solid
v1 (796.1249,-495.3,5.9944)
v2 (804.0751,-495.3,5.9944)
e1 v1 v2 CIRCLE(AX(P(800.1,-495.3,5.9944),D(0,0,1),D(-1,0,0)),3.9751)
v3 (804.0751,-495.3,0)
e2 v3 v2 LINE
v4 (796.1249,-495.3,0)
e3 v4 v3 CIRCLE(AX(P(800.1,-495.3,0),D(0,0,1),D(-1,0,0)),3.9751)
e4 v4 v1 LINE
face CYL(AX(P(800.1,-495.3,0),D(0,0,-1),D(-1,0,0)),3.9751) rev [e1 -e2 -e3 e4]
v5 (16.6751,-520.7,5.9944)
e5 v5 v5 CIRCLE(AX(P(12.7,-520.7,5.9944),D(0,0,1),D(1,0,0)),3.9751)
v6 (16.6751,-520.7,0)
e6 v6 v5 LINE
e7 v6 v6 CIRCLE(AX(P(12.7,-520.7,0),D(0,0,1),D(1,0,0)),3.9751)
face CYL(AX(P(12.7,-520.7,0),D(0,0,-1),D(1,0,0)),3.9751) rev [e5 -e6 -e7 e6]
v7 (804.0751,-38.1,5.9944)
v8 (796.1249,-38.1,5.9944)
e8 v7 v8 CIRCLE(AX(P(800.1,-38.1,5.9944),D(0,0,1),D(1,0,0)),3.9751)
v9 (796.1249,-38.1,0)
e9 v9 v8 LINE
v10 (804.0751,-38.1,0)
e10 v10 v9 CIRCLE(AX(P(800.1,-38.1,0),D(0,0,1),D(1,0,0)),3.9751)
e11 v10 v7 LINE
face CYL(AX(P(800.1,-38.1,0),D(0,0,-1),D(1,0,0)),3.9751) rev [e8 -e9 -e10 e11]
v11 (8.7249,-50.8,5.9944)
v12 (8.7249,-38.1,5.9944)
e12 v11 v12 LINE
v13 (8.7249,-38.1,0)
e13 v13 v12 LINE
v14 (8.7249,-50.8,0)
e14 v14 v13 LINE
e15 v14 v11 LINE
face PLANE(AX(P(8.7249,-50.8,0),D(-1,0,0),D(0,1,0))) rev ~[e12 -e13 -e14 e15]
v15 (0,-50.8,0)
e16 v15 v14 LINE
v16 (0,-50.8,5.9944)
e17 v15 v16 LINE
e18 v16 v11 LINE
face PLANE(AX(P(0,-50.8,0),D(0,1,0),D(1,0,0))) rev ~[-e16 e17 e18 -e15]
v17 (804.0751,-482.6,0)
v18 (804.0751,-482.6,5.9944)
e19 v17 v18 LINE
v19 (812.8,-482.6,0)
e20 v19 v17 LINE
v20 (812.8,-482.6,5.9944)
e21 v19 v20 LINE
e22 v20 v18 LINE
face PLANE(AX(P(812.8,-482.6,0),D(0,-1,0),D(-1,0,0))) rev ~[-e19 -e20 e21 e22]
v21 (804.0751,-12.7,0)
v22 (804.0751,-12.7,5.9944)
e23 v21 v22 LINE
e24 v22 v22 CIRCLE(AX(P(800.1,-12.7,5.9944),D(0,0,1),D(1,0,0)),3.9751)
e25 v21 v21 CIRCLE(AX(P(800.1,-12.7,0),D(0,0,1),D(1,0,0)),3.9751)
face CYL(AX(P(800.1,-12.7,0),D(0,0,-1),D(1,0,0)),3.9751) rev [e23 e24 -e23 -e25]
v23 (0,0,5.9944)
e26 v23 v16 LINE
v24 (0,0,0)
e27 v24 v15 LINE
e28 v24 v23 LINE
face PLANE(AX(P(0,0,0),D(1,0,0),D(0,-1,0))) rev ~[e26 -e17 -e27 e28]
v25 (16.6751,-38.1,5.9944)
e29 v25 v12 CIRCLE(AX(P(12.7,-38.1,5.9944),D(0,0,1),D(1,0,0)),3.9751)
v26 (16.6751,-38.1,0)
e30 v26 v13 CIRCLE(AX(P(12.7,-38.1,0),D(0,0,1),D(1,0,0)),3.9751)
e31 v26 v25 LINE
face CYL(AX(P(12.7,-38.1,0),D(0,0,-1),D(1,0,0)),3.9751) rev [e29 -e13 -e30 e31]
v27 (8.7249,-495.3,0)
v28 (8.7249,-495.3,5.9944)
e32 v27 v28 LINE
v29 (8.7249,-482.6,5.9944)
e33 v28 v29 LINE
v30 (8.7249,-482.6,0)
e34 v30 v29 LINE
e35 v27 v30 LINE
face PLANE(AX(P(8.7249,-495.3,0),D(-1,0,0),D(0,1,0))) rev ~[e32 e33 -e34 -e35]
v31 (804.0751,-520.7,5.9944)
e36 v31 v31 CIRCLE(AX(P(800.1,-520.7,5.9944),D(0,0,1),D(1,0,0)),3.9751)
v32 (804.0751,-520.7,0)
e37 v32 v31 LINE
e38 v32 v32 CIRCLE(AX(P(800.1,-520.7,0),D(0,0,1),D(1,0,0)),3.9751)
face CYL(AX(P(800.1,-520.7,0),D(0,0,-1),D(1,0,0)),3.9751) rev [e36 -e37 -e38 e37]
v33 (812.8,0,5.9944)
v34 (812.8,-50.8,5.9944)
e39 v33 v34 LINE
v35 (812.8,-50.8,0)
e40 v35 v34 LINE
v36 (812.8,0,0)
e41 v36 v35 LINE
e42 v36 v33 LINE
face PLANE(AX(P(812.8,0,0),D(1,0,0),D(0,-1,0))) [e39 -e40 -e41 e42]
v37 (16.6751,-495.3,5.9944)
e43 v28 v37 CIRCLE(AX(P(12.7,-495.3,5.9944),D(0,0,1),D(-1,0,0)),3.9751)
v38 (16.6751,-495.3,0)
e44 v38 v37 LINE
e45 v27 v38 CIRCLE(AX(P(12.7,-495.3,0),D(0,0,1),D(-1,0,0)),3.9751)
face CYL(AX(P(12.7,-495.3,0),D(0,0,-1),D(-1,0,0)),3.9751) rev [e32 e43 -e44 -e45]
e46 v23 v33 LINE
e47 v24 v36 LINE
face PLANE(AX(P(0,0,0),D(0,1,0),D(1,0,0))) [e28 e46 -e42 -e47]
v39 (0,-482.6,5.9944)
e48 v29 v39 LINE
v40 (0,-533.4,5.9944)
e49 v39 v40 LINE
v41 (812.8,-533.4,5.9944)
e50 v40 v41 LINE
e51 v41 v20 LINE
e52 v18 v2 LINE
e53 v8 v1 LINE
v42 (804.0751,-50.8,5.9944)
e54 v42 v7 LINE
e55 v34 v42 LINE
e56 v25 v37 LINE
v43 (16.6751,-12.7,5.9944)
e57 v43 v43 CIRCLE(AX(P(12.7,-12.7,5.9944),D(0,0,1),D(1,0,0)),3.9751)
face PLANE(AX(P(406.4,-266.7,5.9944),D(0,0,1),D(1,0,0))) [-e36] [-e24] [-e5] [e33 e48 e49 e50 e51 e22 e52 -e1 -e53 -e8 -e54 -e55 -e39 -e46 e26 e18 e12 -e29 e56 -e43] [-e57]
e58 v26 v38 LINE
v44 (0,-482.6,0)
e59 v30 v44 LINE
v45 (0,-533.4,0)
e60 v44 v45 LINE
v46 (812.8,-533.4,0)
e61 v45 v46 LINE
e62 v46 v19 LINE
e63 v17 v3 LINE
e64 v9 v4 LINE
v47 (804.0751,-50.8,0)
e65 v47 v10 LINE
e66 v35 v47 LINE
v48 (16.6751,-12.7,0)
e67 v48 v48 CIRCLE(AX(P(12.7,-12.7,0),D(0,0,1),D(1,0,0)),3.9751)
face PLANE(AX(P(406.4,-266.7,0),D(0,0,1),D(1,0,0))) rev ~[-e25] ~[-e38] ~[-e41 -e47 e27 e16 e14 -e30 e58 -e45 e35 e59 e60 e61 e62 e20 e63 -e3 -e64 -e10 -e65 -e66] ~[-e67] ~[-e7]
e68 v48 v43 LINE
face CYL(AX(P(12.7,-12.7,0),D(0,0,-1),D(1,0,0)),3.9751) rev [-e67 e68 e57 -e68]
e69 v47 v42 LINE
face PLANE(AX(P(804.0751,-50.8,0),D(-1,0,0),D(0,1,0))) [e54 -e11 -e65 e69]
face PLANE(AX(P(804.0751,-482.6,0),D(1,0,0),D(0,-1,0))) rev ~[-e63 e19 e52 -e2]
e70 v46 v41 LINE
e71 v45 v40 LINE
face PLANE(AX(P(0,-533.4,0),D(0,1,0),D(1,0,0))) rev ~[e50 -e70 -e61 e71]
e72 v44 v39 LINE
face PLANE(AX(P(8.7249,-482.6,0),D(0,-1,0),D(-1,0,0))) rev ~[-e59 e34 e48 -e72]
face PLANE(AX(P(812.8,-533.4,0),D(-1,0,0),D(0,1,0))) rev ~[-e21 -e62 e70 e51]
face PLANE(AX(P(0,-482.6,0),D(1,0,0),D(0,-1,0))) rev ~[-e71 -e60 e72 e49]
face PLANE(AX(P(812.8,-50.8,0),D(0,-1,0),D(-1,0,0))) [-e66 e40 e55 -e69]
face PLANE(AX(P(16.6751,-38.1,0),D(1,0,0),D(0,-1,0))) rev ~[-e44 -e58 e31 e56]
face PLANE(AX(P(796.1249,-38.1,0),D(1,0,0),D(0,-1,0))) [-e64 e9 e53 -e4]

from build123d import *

# Parameters (mm, degrees)
SKETCH_R      = 3.9751
EXTRUDE_DEPTH = 5.9944


with BuildPart() as part:
    # Sketch → Extrude (new body)
    with BuildSketch(Plane.XY):
        with BuildLine():
            Line((0, 0), (0, -50.8))
            Line((0, -50.8), (8.7249, -50.8))
            Line((8.7249, -50.8), (8.7249, -38.1))
            ThreePointArc((16.6751, -38.1), (12.7, -34.1249), (8.7249, -38.1))
            Line((16.6751, -38.1), (16.6751, -495.3))
            ThreePointArc((8.7249, -495.3), (12.7, -499.2751), (16.6751, -495.3))
            Line((8.7249, -495.3), (8.7249, -482.6))
            Line((8.7249, -482.6), (0, -482.6))
            Line((0, -482.6), (0, -533.4))
            Line((0, -533.4), (812.8, -533.4))
            Line((812.8, -533.4), (812.8, -482.6))
            Line((812.8, -482.6), (804.0751, -482.6))
            Line((804.0751, -482.6), (804.0751, -495.3))
            ThreePointArc((796.1249, -495.3), (800.1, -499.2751), (804.0751, -495.3))
            Line((796.1249, -38.1), (796.1249, -495.3))
            ThreePointArc((804.0751, -38.1), (800.1, -34.1249), (796.1249, -38.1))
            Line((804.0751, -50.8), (804.0751, -38.1))
            Line((812.8, -50.8), (804.0751, -50.8))
            Line((812.8, 0), (812.8, -50.8))
            Line((0, 0), (812.8, 0))
        make_face()
        with Locations((12.7, -12.7)):
            Circle(SKETCH_R, mode=Mode.SUBTRACT)
        with Locations((800.1, -12.7)):
            Circle(SKETCH_R, mode=Mode.SUBTRACT)
        with Locations((12.7, -520.7)):
            Circle(SKETCH_R, mode=Mode.SUBTRACT)
        with Locations((800.1, -520.7)):
            Circle(SKETCH_R, mode=Mode.SUBTRACT)
    extrude(amount=EXTRUDE_DEPTH)


solid = part.part
